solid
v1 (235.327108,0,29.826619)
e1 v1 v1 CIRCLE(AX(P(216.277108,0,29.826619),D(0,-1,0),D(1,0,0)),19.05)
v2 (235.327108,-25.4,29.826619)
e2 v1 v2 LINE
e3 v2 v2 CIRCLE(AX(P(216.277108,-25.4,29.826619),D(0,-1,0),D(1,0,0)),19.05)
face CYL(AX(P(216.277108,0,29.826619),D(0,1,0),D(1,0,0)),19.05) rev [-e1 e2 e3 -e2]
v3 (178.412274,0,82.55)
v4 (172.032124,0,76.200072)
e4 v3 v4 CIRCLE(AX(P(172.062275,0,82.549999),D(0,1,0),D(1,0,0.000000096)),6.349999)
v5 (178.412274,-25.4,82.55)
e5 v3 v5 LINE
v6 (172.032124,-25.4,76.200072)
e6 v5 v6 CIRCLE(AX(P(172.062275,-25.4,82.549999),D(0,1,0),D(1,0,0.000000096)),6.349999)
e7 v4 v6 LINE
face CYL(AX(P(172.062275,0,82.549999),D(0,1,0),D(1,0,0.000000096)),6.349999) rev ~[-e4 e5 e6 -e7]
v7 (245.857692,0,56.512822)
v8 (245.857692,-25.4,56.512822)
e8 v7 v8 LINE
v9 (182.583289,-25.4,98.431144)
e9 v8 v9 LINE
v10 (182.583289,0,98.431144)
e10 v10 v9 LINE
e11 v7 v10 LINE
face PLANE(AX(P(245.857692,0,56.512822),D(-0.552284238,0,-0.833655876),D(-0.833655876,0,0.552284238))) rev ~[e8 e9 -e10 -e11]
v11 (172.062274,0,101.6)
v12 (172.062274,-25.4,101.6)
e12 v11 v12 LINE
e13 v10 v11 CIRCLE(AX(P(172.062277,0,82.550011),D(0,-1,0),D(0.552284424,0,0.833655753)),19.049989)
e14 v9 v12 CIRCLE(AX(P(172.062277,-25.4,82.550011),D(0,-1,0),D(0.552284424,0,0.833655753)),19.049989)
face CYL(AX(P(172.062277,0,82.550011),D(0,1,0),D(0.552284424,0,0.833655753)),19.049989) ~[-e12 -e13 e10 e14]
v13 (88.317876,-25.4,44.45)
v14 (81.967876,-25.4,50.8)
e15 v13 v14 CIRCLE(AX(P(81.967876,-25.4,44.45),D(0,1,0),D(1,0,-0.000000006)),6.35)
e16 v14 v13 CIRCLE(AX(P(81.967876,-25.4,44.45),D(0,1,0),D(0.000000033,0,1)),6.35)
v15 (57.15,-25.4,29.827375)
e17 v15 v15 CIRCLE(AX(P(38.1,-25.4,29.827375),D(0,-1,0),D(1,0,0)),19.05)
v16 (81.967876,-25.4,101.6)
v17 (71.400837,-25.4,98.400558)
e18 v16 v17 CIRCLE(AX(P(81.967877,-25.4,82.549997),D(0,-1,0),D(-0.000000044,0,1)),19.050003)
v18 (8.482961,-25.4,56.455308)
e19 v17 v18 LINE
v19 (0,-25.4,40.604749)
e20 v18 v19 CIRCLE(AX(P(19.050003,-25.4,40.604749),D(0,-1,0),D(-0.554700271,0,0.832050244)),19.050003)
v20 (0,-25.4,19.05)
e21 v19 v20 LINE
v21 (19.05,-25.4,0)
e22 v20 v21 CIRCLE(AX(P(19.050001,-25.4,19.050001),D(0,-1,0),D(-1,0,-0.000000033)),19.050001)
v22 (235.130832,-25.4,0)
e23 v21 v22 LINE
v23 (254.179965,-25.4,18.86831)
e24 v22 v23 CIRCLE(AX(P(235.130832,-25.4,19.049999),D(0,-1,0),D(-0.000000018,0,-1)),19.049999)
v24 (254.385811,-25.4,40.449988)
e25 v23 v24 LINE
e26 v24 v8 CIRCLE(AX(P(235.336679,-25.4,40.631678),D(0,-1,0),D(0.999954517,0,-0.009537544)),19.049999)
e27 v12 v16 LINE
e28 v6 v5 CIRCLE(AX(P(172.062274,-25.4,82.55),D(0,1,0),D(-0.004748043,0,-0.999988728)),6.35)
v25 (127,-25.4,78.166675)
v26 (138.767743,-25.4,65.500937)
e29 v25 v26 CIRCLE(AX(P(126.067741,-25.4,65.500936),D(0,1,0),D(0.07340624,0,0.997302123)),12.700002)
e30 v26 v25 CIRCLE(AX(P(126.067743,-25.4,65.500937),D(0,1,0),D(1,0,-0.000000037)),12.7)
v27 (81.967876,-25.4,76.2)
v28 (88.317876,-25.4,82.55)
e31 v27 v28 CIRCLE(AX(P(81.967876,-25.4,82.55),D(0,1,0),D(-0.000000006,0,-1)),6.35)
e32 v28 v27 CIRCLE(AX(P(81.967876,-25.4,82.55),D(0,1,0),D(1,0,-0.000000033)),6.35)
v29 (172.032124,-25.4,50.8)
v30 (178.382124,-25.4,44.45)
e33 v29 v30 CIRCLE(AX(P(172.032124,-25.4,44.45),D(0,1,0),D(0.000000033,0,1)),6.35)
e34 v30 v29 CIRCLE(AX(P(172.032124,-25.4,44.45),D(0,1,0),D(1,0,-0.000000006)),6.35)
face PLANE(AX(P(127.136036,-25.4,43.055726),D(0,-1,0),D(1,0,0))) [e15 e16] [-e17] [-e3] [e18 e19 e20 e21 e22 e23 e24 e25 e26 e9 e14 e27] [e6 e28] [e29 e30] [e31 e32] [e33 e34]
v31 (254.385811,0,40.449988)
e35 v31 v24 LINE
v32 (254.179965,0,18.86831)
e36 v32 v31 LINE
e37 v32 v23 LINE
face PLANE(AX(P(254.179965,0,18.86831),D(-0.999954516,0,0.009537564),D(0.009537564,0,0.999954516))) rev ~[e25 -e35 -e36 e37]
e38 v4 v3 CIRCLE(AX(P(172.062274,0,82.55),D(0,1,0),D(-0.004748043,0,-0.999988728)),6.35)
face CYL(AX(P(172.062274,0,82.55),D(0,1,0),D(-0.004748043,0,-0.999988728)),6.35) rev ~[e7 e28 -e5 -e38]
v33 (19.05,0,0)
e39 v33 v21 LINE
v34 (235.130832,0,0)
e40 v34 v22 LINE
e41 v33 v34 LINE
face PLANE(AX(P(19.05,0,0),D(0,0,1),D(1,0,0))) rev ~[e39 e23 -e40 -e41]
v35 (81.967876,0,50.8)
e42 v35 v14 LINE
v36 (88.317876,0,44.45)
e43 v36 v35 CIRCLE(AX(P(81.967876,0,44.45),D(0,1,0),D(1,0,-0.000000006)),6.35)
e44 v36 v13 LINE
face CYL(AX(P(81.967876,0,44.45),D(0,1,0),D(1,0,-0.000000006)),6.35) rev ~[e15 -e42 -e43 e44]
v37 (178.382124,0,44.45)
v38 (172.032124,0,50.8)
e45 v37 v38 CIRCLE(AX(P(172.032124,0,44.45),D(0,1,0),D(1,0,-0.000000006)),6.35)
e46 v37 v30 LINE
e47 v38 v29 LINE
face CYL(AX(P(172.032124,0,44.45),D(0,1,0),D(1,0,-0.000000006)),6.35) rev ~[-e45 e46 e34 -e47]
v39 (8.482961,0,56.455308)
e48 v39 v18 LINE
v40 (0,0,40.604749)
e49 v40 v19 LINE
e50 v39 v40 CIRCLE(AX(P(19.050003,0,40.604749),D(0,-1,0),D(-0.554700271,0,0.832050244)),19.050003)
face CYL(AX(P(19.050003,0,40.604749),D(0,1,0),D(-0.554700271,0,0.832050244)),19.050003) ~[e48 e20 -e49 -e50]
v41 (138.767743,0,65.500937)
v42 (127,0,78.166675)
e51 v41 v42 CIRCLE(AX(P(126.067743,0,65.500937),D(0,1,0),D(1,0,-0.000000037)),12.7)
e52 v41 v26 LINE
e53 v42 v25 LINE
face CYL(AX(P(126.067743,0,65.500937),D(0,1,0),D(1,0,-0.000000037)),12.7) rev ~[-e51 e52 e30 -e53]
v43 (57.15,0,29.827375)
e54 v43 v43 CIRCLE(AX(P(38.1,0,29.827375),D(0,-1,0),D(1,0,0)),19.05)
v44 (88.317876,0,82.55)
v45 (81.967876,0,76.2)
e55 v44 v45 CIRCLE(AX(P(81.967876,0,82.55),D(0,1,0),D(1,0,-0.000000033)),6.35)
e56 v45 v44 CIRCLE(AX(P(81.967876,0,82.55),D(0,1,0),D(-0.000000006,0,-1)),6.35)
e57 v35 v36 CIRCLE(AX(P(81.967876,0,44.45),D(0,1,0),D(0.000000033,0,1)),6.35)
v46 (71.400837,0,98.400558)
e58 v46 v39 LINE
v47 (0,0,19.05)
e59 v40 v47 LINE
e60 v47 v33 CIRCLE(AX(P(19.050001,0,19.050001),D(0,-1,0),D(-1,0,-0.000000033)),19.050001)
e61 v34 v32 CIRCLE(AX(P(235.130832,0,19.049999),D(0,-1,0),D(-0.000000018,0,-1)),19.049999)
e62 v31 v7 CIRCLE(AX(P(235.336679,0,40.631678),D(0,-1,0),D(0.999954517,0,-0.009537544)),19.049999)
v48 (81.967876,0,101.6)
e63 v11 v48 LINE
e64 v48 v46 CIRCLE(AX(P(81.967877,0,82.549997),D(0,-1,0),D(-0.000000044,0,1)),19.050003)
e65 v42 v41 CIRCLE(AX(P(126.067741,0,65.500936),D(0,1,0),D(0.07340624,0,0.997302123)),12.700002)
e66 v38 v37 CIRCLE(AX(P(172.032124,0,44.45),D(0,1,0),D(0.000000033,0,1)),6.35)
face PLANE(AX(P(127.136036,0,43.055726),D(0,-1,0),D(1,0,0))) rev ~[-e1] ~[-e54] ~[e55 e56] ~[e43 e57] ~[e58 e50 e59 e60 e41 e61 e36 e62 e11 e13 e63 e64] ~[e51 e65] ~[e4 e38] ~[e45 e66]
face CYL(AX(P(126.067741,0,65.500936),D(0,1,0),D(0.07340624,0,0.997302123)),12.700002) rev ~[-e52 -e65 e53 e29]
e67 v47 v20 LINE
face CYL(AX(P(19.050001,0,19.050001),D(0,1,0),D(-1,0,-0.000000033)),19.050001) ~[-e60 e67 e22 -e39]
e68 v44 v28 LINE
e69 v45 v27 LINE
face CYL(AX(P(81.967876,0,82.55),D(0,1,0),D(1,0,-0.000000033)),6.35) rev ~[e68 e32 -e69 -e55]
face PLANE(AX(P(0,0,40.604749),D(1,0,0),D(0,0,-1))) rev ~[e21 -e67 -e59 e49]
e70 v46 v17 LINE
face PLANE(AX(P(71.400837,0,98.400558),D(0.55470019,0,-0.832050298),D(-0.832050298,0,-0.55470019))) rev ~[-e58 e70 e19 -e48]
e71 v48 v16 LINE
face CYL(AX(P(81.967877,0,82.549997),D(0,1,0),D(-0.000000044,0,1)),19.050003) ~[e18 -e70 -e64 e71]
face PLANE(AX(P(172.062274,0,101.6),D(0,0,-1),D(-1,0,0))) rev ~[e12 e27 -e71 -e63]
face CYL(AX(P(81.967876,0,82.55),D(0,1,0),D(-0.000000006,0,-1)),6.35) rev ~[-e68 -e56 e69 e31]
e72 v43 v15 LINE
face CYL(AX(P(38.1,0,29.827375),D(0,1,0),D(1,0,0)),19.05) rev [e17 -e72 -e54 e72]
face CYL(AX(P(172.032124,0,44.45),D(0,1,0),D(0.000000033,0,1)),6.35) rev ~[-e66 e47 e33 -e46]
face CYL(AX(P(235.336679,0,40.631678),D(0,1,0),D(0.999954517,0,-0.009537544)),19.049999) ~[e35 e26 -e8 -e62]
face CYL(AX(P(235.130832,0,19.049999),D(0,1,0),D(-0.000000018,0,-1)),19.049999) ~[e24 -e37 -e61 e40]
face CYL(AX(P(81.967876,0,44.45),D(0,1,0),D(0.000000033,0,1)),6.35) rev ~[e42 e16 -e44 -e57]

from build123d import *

# Parameters (mm, degrees)
F1_R     = 19.05
F2_DEPTH = 25.4


with BuildPart() as f2:
    # F1 (on Front) → F2 (new body)
    with BuildSketch(Plane.XZ):
        with BuildLine():
            ThreePointArc((0, 19.05), (5.579616, 5.579616), (19.05, 0))
            Line((19.05, 0), (235.130832, 0))
            ThreePointArc((235.130832, 0), (248.536825, 5.515531), (254.179965, 18.86831))
            Line((254.179965, 18.86831), (254.385811, 40.449988))
            ThreePointArc((254.385811, 40.449988), (252.162315, 49.564786), (245.857692, 56.512822))
            Line((245.857692, 56.512822), (182.583289, 98.431144))
            ThreePointArc((182.583289, 98.431144), (177.556212, 100.790591), (172.062274, 101.6))
            Line((172.062274, 101.6), (127, 101.6))
            Line((127, 101.6), (81.967876, 101.6))
            ThreePointArc((81.967876, 101.6), (76.447488, 100.782603), (71.400837, 98.400558))
            Line((71.400837, 98.400558), (8.482961, 56.455308))
            ThreePointArc((8.482961, 56.455308), (2.254099, 49.593643), (0, 40.604749))
            Line((0, 40.604749), (0, 19.05))
        make_face()
        with Locations((38.1, 29.827375)):
            Circle(F1_R, mode=Mode.SUBTRACT)
        with BuildLine():
            ThreePointArc((88.317876, 44.45), (77.477748, 39.959872), (81.967876, 50.8))
            ThreePointArc((81.967876, 50.8), (86.458004, 48.940128), (88.317876, 44.45))
        make_face(mode=Mode.SUBTRACT)
        with BuildLine():
            ThreePointArc((178.382124, 44.45), (167.541996, 39.959872), (172.032124, 50.8))
            ThreePointArc((172.032124, 50.8), (176.522252, 48.940128), (178.382124, 44.45))
        make_face(mode=Mode.SUBTRACT)
        with Locations((216.277108, 29.826619)):
            Circle(F1_R, mode=Mode.SUBTRACT)
        with BuildLine():
            ThreePointArc((138.767743, 65.500937), (116.76372, 56.856565), (127, 78.166675))
            ThreePointArc((127, 78.166675), (135.371765, 74.145309), (138.767743, 65.500937))
        make_face(mode=Mode.SUBTRACT)
        with BuildLine():
            ThreePointArc((88.317876, 82.55), (86.458004, 78.059872), (81.967876, 76.2))
            ThreePointArc((81.967876, 76.2), (77.477748, 87.040128), (88.317876, 82.55))
        make_face(mode=Mode.SUBTRACT)
        with BuildLine():
            ThreePointArc((178.412274, 82.55), (176.54173, 78.049225), (172.032124, 76.200072))
            ThreePointArc((172.032124, 76.200072), (167.582818, 87.050775), (178.412274, 82.55))
        make_face(mode=Mode.SUBTRACT)
    extrude(amount=F2_DEPTH)


solid = f2.part
